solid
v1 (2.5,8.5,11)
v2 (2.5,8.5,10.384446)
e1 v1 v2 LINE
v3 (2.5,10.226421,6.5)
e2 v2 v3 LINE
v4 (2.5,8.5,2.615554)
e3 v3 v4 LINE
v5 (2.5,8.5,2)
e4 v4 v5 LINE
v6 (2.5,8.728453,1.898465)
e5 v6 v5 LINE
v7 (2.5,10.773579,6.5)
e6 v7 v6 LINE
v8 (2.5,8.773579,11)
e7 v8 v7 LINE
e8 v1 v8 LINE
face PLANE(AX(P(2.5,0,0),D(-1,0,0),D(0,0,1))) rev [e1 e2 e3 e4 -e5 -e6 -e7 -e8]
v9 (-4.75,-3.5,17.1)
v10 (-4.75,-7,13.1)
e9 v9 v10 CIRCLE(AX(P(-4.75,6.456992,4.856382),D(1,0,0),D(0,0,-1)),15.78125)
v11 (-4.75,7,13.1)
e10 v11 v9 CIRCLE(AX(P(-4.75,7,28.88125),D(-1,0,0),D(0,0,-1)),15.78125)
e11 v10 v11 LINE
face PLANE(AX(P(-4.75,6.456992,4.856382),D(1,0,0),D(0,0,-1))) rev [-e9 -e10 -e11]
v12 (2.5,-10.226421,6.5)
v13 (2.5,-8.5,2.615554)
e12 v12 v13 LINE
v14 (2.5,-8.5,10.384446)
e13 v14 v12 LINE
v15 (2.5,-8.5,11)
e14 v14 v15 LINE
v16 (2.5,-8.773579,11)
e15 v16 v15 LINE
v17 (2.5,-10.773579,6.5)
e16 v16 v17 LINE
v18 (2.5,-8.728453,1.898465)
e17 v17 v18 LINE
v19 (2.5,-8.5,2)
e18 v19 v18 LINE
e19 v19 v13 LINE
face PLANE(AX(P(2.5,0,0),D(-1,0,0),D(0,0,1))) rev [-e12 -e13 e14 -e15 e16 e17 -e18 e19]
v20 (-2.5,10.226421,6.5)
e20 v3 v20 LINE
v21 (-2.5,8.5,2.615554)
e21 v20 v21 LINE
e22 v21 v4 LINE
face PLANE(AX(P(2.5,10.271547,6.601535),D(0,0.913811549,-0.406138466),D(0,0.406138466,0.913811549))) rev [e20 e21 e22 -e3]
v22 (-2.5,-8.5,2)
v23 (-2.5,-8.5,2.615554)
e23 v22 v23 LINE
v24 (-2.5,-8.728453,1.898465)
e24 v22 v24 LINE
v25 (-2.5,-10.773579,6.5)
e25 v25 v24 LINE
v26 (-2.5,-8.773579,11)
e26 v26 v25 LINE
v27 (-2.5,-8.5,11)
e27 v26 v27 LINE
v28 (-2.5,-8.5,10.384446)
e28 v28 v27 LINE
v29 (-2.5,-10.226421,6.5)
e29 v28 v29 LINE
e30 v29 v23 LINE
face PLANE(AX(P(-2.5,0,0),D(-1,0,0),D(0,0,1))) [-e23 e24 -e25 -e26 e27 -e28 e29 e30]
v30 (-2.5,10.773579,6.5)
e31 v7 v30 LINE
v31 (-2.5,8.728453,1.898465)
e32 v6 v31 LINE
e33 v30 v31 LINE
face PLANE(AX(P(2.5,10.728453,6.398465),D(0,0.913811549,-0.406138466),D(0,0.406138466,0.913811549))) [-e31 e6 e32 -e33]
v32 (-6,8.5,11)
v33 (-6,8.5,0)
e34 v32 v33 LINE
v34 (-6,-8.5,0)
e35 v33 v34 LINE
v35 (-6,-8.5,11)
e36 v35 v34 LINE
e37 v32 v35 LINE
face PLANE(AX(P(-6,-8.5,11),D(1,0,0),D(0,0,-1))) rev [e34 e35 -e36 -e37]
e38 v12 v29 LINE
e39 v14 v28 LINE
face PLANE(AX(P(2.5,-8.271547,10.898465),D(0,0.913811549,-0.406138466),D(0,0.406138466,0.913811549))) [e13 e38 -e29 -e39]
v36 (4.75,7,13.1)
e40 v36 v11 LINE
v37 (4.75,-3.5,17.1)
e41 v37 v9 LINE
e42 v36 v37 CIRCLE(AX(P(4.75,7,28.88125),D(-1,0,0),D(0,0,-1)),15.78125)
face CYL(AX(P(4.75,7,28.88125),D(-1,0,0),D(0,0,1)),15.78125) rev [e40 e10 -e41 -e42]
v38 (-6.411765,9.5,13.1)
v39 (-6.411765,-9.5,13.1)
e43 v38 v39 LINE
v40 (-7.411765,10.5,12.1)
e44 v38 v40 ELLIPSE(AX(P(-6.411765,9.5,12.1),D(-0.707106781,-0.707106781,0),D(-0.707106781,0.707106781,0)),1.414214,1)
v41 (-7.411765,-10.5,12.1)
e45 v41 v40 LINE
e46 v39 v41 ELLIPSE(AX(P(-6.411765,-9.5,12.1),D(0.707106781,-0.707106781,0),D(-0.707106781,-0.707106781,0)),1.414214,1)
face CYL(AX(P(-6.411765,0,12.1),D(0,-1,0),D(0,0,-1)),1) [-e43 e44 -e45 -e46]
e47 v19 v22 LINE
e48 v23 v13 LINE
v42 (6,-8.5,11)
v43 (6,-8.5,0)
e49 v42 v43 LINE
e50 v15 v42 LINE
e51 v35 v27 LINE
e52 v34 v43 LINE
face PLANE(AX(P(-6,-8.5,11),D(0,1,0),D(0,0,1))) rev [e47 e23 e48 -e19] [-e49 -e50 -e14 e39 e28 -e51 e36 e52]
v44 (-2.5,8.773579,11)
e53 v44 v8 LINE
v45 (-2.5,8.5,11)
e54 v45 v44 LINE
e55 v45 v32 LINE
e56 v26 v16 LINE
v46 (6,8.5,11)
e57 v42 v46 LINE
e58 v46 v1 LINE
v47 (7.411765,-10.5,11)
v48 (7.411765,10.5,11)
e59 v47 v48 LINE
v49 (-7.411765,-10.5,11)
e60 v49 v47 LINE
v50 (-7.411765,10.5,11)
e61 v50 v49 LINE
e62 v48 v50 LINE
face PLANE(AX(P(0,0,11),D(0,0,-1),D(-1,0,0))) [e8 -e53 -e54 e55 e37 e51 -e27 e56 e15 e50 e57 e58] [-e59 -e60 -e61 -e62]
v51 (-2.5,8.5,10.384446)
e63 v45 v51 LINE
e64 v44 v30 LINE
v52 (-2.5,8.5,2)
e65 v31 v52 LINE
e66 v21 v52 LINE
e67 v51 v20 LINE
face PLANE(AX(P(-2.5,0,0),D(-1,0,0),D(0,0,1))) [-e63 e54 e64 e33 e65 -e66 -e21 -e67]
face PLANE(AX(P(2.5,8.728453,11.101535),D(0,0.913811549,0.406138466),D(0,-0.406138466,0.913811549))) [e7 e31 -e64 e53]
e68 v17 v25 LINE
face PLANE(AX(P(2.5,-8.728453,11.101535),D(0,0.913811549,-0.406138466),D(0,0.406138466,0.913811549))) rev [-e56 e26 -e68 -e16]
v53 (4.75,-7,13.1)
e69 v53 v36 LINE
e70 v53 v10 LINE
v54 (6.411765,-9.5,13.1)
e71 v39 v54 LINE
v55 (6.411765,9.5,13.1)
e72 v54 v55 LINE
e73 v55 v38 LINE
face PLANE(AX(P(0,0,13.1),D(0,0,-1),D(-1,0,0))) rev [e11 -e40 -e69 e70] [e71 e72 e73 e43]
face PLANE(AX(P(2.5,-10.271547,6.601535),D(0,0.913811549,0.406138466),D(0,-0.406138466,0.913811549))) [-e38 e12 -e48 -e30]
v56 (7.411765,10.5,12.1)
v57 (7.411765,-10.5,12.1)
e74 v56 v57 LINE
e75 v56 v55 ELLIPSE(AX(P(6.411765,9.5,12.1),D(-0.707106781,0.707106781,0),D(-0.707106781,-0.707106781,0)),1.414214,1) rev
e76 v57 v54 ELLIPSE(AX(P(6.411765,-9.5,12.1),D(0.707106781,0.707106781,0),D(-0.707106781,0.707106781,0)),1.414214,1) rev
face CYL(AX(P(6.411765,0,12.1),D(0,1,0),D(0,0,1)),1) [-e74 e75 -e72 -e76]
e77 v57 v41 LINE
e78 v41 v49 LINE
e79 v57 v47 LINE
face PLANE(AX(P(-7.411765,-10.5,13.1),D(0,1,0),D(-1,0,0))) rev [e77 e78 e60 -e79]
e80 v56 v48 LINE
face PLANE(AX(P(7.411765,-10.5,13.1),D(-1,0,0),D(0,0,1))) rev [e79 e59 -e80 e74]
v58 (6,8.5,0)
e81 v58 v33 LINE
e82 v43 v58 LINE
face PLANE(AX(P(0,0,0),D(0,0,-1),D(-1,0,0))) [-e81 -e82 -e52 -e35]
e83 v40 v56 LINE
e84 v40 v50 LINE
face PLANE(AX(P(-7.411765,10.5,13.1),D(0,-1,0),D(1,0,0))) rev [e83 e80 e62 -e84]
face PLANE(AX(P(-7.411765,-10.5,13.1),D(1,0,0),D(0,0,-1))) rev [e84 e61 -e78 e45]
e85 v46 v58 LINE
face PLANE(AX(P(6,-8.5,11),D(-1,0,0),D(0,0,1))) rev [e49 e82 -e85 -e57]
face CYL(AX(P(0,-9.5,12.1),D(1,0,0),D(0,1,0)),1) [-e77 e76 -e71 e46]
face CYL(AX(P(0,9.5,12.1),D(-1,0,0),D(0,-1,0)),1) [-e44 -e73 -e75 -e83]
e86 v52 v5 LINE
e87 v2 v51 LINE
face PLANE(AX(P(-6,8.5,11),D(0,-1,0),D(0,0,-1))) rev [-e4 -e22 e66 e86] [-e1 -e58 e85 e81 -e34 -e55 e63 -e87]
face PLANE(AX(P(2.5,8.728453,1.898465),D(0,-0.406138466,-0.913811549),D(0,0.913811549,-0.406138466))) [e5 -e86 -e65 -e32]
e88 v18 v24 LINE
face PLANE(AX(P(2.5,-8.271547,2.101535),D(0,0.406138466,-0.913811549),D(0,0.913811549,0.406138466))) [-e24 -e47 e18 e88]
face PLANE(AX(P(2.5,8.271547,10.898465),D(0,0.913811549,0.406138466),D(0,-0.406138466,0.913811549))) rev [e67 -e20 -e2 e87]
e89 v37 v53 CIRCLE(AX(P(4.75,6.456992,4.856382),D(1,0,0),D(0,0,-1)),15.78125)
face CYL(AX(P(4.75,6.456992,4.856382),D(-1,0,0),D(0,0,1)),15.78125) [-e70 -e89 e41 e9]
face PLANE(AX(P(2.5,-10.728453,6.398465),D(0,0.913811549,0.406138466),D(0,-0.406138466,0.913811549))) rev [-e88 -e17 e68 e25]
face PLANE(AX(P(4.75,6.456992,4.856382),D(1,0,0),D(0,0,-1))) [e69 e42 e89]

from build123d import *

# Parameters (mm, degrees)
ESQUISSE1_W        = 12
ESQUISSE1_H        = 17
BOSS_EXTRU_1_DEPTH = 11
ESQUISSE2_W        = 14.823529412
ESQUISSE2_H        = 21
BOSS_EXTRU_2_DEPTH = 2.1
BOSS_EXTRU_3_DEPTH = 4.75
EXTRU_MINCE1_DEPTH = 2.5
CONG_1_R           = 1


with BuildPart() as part:
    # Esquisse1 → Boss.-Extru.1 (new body)
    with BuildSketch(Plane.XY):
        Rectangle(ESQUISSE1_W, ESQUISSE1_H)
    extrude(amount=BOSS_EXTRU_1_DEPTH)

    # Esquisse2 → Boss.-Extru.2 (add)
    with BuildSketch(Plane.XY.offset(11)):
        Rectangle(ESQUISSE2_W, ESQUISSE2_H)
    extrude(amount=BOSS_EXTRU_2_DEPTH)

    # Esquisse3 → Boss.-Extru.3 (add, symmetric)
    with BuildSketch(Plane(origin=(0, 0, 0), x_dir=(0, 0, -1), z_dir=(1, 0, 0))):
        with BuildLine():
            Line((-13.1, -7), (-13.1, 7))
            ThreePointArc((-13.1, 7), (-14.133865433, 1.381948736), (-17.1, -3.5))
            ThreePointArc((-17.1, -3.5), (-15.248408263, -5.419609444), (-13.1, -7))
        make_face()
    extrude(amount=BOSS_EXTRU_3_DEPTH, both=True)

    # Esquisse4 → Extru.-Mince1 (add, symmetric)
    with BuildSketch(Plane(origin=(0, 0, 0), x_dir=(0, 0, -1), z_dir=(1, 0, 0))):
        Polygon((-11.101534617, -8.728452887), (-6.5, -10.773579383), (-1.898465383, -8.728452887), (-2.101534617, -8.271547113), (-6.5, -10.226420617), (-10.898465383, -8.271547113), align=None)
        Polygon((-10.898465383, 8.271547113), (-6.5, 10.226420617), (-2.101534617, 8.271547113), (-1.898465383, 8.728452887), (-6.5, 10.773579383), (-11.101534617, 8.728452887), align=None)
    extrude(amount=EXTRU_MINCE1_DEPTH, both=True)

    # Congé1
    cong_1_edges = [part.edges().sort_by_distance(p)[0] for p in [
        (7.411764706, 0, 13.1),
        (0, 10.5, 13.1),
        (-7.411764706, 0, 13.1),
        (0, -10.5, 13.1),
    ]]
    fillet(cong_1_edges, radius=CONG_1_R)


solid = part.part
